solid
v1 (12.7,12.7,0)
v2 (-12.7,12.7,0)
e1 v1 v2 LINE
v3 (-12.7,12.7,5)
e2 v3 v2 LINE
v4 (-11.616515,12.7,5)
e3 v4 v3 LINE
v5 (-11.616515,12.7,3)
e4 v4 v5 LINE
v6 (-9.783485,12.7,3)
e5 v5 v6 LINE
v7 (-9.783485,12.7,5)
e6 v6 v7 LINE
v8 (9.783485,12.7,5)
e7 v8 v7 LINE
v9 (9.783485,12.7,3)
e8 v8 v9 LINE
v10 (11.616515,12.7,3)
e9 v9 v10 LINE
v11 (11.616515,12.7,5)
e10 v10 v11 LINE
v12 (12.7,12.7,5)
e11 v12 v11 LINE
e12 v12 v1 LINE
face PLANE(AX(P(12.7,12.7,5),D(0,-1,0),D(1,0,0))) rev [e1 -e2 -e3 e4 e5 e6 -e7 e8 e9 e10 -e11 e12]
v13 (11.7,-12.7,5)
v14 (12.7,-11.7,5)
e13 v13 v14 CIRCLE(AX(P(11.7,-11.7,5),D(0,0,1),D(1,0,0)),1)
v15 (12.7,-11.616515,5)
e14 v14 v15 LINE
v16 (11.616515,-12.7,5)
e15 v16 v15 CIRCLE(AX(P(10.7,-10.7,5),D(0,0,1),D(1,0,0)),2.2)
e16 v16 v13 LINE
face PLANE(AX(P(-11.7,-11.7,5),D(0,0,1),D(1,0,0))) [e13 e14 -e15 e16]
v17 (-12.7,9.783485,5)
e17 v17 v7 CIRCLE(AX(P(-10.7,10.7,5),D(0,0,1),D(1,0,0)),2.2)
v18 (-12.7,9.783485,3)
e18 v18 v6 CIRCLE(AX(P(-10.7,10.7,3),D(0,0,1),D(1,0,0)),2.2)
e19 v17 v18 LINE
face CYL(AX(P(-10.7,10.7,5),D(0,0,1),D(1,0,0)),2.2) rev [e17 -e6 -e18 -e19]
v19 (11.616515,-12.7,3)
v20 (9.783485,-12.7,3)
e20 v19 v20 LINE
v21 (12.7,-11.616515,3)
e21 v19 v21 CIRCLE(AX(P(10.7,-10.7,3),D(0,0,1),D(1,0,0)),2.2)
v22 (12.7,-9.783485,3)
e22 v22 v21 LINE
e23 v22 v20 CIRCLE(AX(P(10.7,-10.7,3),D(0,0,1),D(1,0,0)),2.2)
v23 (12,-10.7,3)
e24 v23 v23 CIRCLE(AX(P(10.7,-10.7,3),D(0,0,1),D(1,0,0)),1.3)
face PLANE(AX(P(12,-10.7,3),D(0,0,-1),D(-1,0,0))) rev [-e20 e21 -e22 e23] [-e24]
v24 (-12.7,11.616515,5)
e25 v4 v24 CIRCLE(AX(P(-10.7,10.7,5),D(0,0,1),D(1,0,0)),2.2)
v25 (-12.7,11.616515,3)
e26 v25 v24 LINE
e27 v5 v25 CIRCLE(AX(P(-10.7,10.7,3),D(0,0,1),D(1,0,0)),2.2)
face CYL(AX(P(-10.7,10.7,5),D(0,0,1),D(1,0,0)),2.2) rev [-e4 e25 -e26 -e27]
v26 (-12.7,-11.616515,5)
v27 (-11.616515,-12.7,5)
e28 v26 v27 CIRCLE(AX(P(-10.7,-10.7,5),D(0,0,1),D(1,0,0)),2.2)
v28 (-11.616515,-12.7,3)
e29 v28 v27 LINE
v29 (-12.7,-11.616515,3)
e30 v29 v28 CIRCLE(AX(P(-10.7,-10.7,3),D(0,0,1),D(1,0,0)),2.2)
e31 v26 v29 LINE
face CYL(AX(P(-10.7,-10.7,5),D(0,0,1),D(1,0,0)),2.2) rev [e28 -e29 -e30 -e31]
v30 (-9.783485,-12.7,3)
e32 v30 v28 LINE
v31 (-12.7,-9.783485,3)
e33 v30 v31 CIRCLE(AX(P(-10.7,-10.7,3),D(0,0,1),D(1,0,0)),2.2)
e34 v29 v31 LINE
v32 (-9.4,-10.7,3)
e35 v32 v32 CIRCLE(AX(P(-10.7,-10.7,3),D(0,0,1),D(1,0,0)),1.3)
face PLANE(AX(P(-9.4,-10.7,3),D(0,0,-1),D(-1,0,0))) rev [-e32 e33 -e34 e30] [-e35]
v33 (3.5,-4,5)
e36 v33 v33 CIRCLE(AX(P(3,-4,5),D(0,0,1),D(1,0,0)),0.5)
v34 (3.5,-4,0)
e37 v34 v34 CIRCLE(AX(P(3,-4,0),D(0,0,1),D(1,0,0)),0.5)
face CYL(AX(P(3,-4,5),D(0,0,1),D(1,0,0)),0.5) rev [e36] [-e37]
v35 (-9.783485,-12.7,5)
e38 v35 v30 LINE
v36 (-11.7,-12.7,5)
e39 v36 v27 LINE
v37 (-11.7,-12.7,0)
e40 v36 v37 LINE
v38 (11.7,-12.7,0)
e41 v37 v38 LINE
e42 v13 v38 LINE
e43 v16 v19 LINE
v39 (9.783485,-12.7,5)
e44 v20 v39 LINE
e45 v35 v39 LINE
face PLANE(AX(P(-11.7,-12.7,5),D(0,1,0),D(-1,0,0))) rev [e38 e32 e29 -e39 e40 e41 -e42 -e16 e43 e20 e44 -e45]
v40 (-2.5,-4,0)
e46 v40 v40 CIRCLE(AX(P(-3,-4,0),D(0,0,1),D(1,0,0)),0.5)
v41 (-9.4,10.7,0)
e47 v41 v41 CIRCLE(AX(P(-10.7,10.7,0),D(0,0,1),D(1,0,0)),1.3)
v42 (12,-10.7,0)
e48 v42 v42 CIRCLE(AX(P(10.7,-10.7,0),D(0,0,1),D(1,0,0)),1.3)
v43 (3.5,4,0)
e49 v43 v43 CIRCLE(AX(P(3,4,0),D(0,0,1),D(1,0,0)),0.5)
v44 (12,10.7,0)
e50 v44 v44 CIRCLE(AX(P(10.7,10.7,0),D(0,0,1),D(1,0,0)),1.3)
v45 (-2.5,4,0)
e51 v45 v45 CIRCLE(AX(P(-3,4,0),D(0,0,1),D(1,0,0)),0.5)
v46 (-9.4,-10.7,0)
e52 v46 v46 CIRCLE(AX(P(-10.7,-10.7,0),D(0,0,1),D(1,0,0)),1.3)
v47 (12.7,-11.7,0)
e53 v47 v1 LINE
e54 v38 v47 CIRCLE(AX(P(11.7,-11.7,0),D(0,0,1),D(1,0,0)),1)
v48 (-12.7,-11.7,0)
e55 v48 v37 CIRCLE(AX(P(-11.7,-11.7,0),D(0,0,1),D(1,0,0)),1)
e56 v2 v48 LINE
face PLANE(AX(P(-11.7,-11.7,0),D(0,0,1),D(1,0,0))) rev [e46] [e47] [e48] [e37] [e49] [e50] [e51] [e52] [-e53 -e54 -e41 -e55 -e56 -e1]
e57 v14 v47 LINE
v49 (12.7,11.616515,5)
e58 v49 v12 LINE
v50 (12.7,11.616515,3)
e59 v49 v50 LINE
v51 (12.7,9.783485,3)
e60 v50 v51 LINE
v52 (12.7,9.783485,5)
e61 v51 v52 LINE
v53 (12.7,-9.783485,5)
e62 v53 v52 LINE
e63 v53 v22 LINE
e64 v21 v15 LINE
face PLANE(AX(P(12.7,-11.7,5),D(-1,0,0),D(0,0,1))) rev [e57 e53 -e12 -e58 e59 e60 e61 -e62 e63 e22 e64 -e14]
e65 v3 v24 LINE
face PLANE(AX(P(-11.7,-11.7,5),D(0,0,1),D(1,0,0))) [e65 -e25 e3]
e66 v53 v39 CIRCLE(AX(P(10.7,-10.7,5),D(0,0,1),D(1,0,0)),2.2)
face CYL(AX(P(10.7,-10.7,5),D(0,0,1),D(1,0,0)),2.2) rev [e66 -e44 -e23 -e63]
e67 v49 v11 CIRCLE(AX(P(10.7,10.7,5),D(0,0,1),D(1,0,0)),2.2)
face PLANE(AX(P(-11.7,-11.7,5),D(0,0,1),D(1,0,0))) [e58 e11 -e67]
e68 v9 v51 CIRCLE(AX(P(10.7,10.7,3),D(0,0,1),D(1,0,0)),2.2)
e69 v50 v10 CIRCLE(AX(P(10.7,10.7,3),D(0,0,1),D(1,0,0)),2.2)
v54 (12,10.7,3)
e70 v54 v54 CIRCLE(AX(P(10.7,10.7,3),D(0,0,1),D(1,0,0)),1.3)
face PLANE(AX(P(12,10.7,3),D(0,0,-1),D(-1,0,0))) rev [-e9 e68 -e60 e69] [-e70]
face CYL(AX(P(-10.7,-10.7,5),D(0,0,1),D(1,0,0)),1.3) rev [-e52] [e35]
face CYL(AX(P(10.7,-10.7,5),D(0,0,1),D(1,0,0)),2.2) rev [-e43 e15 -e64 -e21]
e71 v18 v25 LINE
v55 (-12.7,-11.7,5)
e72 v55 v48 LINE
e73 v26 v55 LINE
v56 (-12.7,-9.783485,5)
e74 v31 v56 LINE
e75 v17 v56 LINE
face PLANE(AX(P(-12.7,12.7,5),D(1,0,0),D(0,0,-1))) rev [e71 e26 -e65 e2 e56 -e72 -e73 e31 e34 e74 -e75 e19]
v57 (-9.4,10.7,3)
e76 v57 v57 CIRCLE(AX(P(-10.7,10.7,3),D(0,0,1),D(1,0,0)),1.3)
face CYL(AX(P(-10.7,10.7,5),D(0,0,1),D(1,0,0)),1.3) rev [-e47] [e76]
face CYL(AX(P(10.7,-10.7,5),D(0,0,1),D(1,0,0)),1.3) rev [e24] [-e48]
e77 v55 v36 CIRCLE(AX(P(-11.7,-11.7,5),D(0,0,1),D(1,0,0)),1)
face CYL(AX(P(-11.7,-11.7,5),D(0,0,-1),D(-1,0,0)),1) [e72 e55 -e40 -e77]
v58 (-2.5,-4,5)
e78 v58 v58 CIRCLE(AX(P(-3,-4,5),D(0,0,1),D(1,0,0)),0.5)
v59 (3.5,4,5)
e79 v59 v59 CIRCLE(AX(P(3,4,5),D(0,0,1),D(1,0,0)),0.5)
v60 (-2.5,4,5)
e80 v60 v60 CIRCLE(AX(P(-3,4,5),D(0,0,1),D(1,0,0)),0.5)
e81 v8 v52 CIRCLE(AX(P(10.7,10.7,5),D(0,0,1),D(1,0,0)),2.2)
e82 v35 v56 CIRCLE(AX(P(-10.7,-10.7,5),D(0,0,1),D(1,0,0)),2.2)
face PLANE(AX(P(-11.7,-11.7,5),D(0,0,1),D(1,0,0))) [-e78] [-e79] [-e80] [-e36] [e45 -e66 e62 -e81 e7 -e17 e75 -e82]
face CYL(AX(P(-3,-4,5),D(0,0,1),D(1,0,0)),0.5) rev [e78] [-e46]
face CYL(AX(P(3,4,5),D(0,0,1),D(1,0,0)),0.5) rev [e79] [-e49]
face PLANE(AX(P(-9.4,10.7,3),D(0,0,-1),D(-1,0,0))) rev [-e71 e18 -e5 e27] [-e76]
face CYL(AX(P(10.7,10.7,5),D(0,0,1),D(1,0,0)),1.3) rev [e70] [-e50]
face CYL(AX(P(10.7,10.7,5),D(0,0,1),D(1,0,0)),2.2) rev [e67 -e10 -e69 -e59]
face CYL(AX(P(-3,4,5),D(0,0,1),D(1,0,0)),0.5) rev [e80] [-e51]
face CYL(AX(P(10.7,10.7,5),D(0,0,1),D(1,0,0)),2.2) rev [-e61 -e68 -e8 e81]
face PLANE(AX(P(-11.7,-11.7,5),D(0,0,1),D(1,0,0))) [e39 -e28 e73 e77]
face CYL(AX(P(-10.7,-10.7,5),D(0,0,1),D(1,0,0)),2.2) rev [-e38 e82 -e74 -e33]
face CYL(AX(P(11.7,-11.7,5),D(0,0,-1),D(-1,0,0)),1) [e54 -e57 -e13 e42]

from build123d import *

# Parameters (mm, degrees)
BOSS_EXTRUDE1_DEPTH            = 5
F_1_0MM_DOWEL_HOLE1_D          = 1
CBORE_FOR_M2_SHCS1_D           = 2.6
CBORE_FOR_M2_SHCS1_CBORE_D     = 4.4
CBORE_FOR_M2_SHCS1_CBORE_DEPTH = 2


with BuildPart() as part:
    # Sketch1 → Boss-Extrude1 (new body)
    with BuildSketch(Plane.XY):
        with BuildLine():
            Line((-12.7, 12.7), (-12.7, -11.7))
            ThreePointArc((-12.7, -11.7), (-12.407106781, -12.407106781), (-11.7, -12.7))
            Line((-11.7, -12.7), (11.7, -12.7))
            ThreePointArc((11.7, -12.7), (12.407106781, -12.407106781), (12.7, -11.7))
            Line((12.7, -11.7), (12.7, 12.7))
            Line((12.7, 12.7), (-12.7, 12.7))
        make_face()
    extrude(amount=BOSS_EXTRUDE1_DEPTH)

    # Ø1.0mm Dowel Hole1 (through all)
    with Locations(Plane.XY.offset(5)):
        with Locations((3, -4), (-3, -4), (-3, 4), (3, 4)):
            Hole(F_1_0MM_DOWEL_HOLE1_D / 2)

    # CBORE for M2 SHCS1 (through all)
    with Locations(Plane.XY.offset(5)):
        with Locations((10.7, -10.7), (-10.7, -10.7), (-10.7, 10.7), (10.7, 10.7)):
            CounterBoreHole(CBORE_FOR_M2_SHCS1_D / 2, CBORE_FOR_M2_SHCS1_CBORE_D / 2, CBORE_FOR_M2_SHCS1_CBORE_DEPTH)


solid = part.part
